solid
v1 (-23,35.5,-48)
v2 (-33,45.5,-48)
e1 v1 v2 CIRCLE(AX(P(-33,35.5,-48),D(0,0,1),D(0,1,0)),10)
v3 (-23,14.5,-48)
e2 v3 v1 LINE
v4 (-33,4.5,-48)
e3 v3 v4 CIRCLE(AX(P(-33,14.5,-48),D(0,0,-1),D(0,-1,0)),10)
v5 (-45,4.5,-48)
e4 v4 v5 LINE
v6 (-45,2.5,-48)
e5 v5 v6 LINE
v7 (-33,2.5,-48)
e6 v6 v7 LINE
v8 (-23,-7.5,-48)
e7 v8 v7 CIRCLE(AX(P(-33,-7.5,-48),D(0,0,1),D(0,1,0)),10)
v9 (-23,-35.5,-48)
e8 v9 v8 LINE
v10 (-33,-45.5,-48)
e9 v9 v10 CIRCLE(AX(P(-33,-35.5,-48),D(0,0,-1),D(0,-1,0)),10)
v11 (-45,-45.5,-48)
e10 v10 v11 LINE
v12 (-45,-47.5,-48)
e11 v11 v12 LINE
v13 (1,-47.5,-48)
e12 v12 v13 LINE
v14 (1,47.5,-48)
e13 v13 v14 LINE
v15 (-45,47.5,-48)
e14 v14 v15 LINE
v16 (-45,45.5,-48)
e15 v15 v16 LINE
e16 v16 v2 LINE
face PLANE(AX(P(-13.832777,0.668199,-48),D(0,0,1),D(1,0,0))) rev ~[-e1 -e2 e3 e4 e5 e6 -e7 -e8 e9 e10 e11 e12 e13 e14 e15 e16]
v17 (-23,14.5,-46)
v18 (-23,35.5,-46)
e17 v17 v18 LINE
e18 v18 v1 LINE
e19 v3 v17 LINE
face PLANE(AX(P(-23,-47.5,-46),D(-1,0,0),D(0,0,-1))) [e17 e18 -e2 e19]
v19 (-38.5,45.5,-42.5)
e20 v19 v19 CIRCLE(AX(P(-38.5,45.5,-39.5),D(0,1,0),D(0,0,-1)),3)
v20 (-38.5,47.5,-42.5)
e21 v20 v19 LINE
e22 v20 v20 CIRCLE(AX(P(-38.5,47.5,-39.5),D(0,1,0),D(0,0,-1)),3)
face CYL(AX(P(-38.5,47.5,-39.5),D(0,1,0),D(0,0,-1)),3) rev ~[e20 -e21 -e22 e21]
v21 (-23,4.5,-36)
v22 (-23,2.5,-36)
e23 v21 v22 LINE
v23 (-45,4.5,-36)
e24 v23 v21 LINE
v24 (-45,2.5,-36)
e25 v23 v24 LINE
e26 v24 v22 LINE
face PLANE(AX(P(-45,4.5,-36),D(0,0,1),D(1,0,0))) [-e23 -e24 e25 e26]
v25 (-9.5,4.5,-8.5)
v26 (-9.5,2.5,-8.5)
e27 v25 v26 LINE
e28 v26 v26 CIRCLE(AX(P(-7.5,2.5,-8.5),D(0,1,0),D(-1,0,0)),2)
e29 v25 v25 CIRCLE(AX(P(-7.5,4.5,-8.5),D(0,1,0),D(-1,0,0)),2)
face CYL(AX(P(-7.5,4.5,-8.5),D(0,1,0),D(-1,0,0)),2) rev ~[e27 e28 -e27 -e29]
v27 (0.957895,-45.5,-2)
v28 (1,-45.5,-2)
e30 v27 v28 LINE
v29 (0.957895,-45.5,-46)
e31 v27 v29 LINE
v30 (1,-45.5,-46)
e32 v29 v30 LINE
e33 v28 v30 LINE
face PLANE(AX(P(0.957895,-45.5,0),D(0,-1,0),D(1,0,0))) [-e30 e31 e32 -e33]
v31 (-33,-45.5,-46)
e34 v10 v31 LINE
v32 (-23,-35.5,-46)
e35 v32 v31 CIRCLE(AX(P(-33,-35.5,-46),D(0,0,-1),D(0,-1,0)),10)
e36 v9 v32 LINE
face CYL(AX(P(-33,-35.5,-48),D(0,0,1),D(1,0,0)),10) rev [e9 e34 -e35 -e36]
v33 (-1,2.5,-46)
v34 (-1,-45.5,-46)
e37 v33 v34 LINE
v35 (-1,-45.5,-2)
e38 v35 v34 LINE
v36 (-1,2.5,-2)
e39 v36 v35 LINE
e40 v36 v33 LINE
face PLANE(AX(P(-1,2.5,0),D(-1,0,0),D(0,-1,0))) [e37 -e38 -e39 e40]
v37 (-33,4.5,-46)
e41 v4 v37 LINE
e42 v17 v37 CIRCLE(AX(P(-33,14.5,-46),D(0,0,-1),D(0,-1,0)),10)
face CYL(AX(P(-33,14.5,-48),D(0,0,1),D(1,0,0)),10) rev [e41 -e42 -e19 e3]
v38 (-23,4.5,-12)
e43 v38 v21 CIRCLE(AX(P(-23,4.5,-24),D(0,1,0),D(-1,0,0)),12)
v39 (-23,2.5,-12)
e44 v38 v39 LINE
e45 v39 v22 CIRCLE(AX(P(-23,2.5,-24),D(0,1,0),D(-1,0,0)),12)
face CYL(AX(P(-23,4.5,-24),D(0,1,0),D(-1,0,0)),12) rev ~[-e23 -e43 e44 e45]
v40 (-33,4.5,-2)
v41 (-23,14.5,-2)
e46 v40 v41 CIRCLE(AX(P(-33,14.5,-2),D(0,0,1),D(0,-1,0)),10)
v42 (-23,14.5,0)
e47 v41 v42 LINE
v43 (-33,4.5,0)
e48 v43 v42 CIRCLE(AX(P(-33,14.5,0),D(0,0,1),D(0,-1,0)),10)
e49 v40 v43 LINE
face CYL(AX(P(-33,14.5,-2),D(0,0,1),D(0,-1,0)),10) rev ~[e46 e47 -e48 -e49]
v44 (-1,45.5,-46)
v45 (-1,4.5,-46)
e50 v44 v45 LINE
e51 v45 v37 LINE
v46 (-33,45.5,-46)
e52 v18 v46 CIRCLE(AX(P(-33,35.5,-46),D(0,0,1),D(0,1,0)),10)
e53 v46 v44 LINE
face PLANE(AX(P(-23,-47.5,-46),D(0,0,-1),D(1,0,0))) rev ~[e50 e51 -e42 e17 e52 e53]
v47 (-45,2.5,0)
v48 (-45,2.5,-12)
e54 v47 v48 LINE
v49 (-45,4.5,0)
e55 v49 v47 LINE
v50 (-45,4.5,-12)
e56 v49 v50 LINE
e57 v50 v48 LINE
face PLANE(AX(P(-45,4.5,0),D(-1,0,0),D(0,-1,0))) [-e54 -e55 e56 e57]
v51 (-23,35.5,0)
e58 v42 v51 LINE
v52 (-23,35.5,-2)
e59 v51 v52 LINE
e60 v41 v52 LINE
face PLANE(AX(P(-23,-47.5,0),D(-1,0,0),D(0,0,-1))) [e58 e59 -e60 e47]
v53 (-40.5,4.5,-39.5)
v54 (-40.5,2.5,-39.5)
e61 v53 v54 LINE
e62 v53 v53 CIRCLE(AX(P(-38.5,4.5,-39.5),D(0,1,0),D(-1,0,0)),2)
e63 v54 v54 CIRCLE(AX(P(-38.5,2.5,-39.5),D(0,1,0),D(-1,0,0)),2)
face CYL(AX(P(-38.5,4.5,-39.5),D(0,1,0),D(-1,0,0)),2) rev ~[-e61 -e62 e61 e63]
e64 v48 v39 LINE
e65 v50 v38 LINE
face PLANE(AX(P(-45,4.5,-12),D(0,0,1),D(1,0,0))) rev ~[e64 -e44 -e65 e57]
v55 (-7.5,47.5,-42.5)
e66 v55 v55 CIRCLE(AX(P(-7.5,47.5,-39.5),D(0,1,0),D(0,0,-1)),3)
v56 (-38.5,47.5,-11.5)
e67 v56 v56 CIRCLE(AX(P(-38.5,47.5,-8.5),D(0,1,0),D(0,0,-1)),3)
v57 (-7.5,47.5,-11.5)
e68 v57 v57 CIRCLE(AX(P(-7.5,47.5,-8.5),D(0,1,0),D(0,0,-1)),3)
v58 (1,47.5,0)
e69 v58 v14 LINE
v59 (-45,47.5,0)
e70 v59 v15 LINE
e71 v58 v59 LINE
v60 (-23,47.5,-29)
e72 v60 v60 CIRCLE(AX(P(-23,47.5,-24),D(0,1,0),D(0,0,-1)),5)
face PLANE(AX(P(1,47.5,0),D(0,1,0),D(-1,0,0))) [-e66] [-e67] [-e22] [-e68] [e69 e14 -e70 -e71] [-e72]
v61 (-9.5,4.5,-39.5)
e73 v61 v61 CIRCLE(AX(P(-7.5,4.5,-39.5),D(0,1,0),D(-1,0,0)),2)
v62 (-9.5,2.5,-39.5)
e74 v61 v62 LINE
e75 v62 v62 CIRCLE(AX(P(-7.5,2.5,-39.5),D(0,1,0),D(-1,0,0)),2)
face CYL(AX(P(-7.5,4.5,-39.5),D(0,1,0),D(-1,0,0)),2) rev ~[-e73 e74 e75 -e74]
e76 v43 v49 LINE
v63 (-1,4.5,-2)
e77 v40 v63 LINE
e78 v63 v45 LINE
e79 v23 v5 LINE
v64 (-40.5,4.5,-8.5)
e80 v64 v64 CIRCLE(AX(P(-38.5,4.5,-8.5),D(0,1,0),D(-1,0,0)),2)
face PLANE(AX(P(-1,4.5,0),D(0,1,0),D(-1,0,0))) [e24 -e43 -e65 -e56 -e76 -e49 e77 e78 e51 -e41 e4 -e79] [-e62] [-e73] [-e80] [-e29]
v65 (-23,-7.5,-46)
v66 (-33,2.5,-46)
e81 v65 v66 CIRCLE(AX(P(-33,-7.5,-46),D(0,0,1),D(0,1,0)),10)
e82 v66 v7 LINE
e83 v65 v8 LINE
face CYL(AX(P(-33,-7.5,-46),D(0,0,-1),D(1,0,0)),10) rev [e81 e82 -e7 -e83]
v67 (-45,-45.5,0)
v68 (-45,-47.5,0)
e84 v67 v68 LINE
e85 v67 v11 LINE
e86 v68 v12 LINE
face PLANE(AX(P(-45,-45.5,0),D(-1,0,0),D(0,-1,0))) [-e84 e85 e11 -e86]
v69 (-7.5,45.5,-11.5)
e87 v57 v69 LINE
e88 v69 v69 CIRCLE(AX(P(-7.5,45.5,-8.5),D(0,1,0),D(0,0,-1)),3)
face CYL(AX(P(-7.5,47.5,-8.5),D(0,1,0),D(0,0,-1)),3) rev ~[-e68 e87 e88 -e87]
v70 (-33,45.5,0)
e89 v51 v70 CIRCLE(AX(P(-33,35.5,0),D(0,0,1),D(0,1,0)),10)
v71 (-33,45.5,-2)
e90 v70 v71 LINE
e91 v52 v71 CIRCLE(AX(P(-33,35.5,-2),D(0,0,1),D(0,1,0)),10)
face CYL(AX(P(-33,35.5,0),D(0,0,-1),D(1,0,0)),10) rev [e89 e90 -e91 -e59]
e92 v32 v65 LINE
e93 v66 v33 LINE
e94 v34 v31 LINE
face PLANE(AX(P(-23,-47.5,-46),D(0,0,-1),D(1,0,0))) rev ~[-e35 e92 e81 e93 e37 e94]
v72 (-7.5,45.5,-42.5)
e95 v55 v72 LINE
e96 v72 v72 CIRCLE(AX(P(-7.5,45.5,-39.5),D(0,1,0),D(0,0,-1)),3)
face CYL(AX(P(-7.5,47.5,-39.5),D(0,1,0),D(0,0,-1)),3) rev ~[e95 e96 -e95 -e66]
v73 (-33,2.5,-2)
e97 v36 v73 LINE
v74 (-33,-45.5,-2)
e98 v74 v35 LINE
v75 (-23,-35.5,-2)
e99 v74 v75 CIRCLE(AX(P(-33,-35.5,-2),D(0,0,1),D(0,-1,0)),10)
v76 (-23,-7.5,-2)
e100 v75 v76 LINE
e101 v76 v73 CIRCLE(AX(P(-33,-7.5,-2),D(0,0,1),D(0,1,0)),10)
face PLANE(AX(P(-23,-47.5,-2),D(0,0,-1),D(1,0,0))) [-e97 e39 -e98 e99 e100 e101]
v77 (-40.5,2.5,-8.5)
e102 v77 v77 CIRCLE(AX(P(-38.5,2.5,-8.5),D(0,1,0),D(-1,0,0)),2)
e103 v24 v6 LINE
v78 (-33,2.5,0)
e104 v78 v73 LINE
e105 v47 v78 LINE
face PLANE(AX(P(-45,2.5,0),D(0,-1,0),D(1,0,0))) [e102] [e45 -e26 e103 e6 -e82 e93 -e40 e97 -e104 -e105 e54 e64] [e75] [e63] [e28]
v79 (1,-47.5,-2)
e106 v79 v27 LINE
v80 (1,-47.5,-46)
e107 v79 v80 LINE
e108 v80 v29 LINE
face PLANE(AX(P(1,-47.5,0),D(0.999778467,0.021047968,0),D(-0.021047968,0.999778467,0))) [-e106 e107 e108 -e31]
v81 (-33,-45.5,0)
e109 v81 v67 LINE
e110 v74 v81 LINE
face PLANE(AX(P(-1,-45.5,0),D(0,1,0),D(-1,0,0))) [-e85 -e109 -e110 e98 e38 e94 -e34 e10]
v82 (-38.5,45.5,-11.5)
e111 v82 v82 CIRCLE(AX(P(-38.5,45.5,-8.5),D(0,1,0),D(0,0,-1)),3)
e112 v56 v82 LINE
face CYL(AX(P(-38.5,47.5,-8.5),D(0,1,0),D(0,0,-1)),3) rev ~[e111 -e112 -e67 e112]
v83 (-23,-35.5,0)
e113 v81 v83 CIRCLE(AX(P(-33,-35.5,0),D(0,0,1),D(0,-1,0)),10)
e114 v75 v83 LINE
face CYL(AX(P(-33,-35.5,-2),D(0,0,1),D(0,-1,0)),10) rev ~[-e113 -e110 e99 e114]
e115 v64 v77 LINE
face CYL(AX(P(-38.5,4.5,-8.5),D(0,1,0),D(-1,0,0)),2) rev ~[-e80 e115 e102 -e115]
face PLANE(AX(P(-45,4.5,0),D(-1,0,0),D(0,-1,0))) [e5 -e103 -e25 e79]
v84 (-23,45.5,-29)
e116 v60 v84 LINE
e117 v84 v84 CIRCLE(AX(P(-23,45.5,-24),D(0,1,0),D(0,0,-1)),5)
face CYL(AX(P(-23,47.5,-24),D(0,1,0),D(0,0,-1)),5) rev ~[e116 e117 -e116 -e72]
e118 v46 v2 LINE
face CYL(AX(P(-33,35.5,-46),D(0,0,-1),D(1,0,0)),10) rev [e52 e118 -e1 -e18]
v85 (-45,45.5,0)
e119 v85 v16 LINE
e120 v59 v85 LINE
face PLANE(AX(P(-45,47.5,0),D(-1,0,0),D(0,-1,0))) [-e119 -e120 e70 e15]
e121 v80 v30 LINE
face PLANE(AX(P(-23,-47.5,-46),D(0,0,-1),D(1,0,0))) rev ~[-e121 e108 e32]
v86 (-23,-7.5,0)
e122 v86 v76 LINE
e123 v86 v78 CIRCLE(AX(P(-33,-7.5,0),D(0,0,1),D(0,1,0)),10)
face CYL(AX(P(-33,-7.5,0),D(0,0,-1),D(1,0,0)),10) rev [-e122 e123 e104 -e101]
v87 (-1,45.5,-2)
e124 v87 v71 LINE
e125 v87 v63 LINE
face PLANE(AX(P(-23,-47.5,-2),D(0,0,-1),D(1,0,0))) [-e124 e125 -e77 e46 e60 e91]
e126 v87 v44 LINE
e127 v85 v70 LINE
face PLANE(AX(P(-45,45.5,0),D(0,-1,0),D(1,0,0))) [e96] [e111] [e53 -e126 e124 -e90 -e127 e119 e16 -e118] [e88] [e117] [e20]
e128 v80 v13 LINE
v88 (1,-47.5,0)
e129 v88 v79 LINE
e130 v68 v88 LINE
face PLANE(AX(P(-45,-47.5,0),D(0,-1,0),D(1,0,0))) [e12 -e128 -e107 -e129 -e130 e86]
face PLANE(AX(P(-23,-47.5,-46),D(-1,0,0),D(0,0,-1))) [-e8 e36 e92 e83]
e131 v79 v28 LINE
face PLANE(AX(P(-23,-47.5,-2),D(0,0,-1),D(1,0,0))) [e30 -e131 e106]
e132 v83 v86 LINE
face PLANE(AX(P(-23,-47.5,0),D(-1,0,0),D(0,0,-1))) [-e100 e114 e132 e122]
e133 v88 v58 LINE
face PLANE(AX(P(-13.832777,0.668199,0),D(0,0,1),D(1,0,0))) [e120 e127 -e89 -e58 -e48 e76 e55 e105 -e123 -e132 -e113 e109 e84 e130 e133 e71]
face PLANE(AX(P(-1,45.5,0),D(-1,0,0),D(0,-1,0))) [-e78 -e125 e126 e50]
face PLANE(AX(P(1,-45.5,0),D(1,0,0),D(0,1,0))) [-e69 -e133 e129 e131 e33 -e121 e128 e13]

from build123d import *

# Parameters (mm, degrees)
BOSS_EXTRUDE1_DEPTH            = 48
CUT_EXTRUDE1_REACH             = 117.56
SKETCH5_R                      = 5
SKETCH5_R_2                    = 3
CUT_EXTRUDE1_DIRECTION_2_DEPTH = 116.559508479
SKETCH10_R                     = 12
SKETCH10_R_2                   = 2
CUT_EXTRUDE3_DEPTH             = 2
SKETCH15_W                     = 22
SKETCH15_H                     = 24
CUT_EXTRUDE5_DEPTH             = 2
BOSS_EXTRUDE7_DEPTH            = 93
BOSS_EXTRUDE7_DEPTH_BACK       = 2
SKETCH16_W                     = 24
SKETCH16_H                     = 2
FILLET1_R                      = 10


with BuildPart() as part:
    # Sketch1 → Boss-Extrude1 (new body)
    with BuildSketch(Plane.XY):
        Polygon((-1, 2.5), (-1, -45.5), (-45, -45.5), (-45, -47.5), (-1, -47.5), (1, -47.5), (0.957894737, -45.5), (1, -45.5), (1, 2.5), (1, 4.5), (1, 45.5), (1, 47.5), (-1, 47.5), (-45, 47.5), (-45, 45.5), (-1, 45.5), (-1, 4.5), (-45, 4.5), (-45, 2.5), align=None)
    extrude(amount=-BOSS_EXTRUDE1_DEPTH)

    # Sketch5 → Cut-Extrude1 (cut, up to next)
    with BuildSketch(Plane(origin=(0, 47.5, 0), x_dir=(1, 0, 0), z_dir=(0, 1, 0)), mode=Mode.PRIVATE) as cut_extrude1_sk1:
        with Locations(Location((-23, 24, 0), (0, 0, 90))):
            Circle(SKETCH5_R)
    cut_extrude1_tool1 = extrude(cut_extrude1_sk1.sketch, amount=-CUT_EXTRUDE1_REACH, mode=Mode.PRIVATE) & part.part
    # Sketch5 → Cut-Extrude1 (cut, up to next)
    with BuildSketch(Plane(origin=(0, 47.5, 0), x_dir=(1, 0, 0), z_dir=(0, 1, 0)), mode=Mode.PRIVATE) as cut_extrude1_sk2:
        with Locations(Location((-38.5, 39.5, 0), (0, 0, 90))):
            Circle(SKETCH5_R_2)
    cut_extrude1_tool2 = extrude(cut_extrude1_sk2.sketch, amount=-CUT_EXTRUDE1_REACH, mode=Mode.PRIVATE) & part.part
    # Sketch5 → Cut-Extrude1 (cut, up to next)
    with BuildSketch(Plane(origin=(0, 47.5, 0), x_dir=(1, 0, 0), z_dir=(0, 1, 0)), mode=Mode.PRIVATE) as cut_extrude1_sk3:
        with Locations(Location((-7.5, 39.5, 0), (0, 0, 90))):
            Circle(SKETCH5_R_2)
    cut_extrude1_tool3 = extrude(cut_extrude1_sk3.sketch, amount=-CUT_EXTRUDE1_REACH, mode=Mode.PRIVATE) & part.part
    # Sketch5 → Cut-Extrude1 (cut, up to next)
    with BuildSketch(Plane(origin=(0, 47.5, 0), x_dir=(1, 0, 0), z_dir=(0, 1, 0)), mode=Mode.PRIVATE) as cut_extrude1_sk4:
        with Locations(Location((-7.5, 8.5, 0), (0, 0, 90))):
            Circle(SKETCH5_R_2)
    cut_extrude1_tool4 = extrude(cut_extrude1_sk4.sketch, amount=-CUT_EXTRUDE1_REACH, mode=Mode.PRIVATE) & part.part
    # Sketch5 → Cut-Extrude1 (cut, up to next)
    with BuildSketch(Plane(origin=(0, 47.5, 0), x_dir=(1, 0, 0), z_dir=(0, 1, 0)), mode=Mode.PRIVATE) as cut_extrude1_sk5:
        with Locations(Location((-38.5, 8.5, 0), (0, 0, 90))):
            Circle(SKETCH5_R_2)
    cut_extrude1_tool5 = extrude(cut_extrude1_sk5.sketch, amount=-CUT_EXTRUDE1_REACH, mode=Mode.PRIVATE) & part.part
    add(cut_extrude1_tool1.solids().sort_by_distance((-23, 47.5, -24))[0], mode=Mode.SUBTRACT)
    add(cut_extrude1_tool2.solids().sort_by_distance((-38.5, 47.5, -39.5))[0], mode=Mode.SUBTRACT)
    add(cut_extrude1_tool3.solids().sort_by_distance((-7.5, 47.5, -39.5))[0], mode=Mode.SUBTRACT)
    add(cut_extrude1_tool4.solids().sort_by_distance((-7.5, 47.5, -8.5))[0], mode=Mode.SUBTRACT)
    add(cut_extrude1_tool5.solids().sort_by_distance((-38.5, 47.5, -8.5))[0], mode=Mode.SUBTRACT)

    # Sketch5 → Cut-Extrude1 direction 2 (cut)
    with BuildSketch(Plane(origin=(0, 47.5, 0), x_dir=(1, 0, 0), z_dir=(0, 1, 0))):
        with Locations(Location((-23, 24, 0), (0, 0, 90))):
            Circle(SKETCH5_R)
        with Locations(Location((-38.5, 39.5, 0), (0, 0, 90))):
            Circle(SKETCH5_R_2)
        with Locations(Location((-7.5, 39.5, 0), (0, 0, 90))):
            Circle(SKETCH5_R_2)
        with Locations(Location((-7.5, 8.5, 0), (0, 0, 90))):
            Circle(SKETCH5_R_2)
        with Locations(Location((-38.5, 8.5, 0), (0, 0, 90))):
            Circle(SKETCH5_R_2)
    extrude(amount=CUT_EXTRUDE1_DIRECTION_2_DEPTH, mode=Mode.SUBTRACT)

    # Sketch10 → Cut-Extrude3 (cut)
    with BuildSketch(Plane(origin=(0, 4.5, 0), x_dir=(1, 0, 0), z_dir=(0, 1, 0))):
        with Locations(Location((-23, 24, 0), (0, 0, 180))):
            Circle(SKETCH10_R)
        with Locations(Location((-7.5, 39.5, 0), (0, 0, 180))):
            Circle(SKETCH10_R_2)
        with Locations(Location((-7.5, 8.5, 0), (0, 0, 180))):
            Circle(SKETCH10_R_2)
        with Locations(Location((-38.5, 8.5, 0), (0, 0, 180))):
            Circle(SKETCH10_R_2)
        with Locations(Location((-38.5, 39.5, 0), (0, 0, 180))):
            Circle(SKETCH10_R_2)
    extrude(amount=-CUT_EXTRUDE3_DEPTH, mode=Mode.SUBTRACT)

    # Sketch15 → Cut-Extrude5 (cut)
    with BuildSketch(Plane(origin=(0, 4.5, 0), x_dir=(1, 0, 0), z_dir=(0, 1, 0))):
        with Locations((-34, 24)):
            Rectangle(SKETCH15_W, SKETCH15_H)
    extrude(amount=-CUT_EXTRUDE5_DEPTH, mode=Mode.SUBTRACT)

    # Sketch16 → Boss-Extrude7 (add, two sides: drawn at the far end of the back side and taken through both)
    with BuildSketch(Plane(origin=(0, -45.5, 0), x_dir=(1, 0, 0), z_dir=(0, 1, 0)).offset(-BOSS_EXTRUDE7_DEPTH_BACK)):
        with Locations((-11, 1)):
            Rectangle(SKETCH16_W, SKETCH16_H)
        with Locations((-11, 47)):
            Rectangle(SKETCH16_W, SKETCH16_H)
    extrude(amount=BOSS_EXTRUDE7_DEPTH + BOSS_EXTRUDE7_DEPTH_BACK)

    # Fillet1
    fillet1_edges = [part.edges().sort_by_distance(p)[0] for p in [
        (-23, -45.5, -1),
        (-23, 2.5, -1),
        (-23, 4.5, -1),
        (-23, 45.5, -1),
        (-23, -45.5, -47),
        (-23, 2.5, -47),
        (-23, 4.5, -47),
        (-23, 45.5, -47),
    ]]
    fillet(fillet1_edges, radius=FILLET1_R)


solid = part.part
